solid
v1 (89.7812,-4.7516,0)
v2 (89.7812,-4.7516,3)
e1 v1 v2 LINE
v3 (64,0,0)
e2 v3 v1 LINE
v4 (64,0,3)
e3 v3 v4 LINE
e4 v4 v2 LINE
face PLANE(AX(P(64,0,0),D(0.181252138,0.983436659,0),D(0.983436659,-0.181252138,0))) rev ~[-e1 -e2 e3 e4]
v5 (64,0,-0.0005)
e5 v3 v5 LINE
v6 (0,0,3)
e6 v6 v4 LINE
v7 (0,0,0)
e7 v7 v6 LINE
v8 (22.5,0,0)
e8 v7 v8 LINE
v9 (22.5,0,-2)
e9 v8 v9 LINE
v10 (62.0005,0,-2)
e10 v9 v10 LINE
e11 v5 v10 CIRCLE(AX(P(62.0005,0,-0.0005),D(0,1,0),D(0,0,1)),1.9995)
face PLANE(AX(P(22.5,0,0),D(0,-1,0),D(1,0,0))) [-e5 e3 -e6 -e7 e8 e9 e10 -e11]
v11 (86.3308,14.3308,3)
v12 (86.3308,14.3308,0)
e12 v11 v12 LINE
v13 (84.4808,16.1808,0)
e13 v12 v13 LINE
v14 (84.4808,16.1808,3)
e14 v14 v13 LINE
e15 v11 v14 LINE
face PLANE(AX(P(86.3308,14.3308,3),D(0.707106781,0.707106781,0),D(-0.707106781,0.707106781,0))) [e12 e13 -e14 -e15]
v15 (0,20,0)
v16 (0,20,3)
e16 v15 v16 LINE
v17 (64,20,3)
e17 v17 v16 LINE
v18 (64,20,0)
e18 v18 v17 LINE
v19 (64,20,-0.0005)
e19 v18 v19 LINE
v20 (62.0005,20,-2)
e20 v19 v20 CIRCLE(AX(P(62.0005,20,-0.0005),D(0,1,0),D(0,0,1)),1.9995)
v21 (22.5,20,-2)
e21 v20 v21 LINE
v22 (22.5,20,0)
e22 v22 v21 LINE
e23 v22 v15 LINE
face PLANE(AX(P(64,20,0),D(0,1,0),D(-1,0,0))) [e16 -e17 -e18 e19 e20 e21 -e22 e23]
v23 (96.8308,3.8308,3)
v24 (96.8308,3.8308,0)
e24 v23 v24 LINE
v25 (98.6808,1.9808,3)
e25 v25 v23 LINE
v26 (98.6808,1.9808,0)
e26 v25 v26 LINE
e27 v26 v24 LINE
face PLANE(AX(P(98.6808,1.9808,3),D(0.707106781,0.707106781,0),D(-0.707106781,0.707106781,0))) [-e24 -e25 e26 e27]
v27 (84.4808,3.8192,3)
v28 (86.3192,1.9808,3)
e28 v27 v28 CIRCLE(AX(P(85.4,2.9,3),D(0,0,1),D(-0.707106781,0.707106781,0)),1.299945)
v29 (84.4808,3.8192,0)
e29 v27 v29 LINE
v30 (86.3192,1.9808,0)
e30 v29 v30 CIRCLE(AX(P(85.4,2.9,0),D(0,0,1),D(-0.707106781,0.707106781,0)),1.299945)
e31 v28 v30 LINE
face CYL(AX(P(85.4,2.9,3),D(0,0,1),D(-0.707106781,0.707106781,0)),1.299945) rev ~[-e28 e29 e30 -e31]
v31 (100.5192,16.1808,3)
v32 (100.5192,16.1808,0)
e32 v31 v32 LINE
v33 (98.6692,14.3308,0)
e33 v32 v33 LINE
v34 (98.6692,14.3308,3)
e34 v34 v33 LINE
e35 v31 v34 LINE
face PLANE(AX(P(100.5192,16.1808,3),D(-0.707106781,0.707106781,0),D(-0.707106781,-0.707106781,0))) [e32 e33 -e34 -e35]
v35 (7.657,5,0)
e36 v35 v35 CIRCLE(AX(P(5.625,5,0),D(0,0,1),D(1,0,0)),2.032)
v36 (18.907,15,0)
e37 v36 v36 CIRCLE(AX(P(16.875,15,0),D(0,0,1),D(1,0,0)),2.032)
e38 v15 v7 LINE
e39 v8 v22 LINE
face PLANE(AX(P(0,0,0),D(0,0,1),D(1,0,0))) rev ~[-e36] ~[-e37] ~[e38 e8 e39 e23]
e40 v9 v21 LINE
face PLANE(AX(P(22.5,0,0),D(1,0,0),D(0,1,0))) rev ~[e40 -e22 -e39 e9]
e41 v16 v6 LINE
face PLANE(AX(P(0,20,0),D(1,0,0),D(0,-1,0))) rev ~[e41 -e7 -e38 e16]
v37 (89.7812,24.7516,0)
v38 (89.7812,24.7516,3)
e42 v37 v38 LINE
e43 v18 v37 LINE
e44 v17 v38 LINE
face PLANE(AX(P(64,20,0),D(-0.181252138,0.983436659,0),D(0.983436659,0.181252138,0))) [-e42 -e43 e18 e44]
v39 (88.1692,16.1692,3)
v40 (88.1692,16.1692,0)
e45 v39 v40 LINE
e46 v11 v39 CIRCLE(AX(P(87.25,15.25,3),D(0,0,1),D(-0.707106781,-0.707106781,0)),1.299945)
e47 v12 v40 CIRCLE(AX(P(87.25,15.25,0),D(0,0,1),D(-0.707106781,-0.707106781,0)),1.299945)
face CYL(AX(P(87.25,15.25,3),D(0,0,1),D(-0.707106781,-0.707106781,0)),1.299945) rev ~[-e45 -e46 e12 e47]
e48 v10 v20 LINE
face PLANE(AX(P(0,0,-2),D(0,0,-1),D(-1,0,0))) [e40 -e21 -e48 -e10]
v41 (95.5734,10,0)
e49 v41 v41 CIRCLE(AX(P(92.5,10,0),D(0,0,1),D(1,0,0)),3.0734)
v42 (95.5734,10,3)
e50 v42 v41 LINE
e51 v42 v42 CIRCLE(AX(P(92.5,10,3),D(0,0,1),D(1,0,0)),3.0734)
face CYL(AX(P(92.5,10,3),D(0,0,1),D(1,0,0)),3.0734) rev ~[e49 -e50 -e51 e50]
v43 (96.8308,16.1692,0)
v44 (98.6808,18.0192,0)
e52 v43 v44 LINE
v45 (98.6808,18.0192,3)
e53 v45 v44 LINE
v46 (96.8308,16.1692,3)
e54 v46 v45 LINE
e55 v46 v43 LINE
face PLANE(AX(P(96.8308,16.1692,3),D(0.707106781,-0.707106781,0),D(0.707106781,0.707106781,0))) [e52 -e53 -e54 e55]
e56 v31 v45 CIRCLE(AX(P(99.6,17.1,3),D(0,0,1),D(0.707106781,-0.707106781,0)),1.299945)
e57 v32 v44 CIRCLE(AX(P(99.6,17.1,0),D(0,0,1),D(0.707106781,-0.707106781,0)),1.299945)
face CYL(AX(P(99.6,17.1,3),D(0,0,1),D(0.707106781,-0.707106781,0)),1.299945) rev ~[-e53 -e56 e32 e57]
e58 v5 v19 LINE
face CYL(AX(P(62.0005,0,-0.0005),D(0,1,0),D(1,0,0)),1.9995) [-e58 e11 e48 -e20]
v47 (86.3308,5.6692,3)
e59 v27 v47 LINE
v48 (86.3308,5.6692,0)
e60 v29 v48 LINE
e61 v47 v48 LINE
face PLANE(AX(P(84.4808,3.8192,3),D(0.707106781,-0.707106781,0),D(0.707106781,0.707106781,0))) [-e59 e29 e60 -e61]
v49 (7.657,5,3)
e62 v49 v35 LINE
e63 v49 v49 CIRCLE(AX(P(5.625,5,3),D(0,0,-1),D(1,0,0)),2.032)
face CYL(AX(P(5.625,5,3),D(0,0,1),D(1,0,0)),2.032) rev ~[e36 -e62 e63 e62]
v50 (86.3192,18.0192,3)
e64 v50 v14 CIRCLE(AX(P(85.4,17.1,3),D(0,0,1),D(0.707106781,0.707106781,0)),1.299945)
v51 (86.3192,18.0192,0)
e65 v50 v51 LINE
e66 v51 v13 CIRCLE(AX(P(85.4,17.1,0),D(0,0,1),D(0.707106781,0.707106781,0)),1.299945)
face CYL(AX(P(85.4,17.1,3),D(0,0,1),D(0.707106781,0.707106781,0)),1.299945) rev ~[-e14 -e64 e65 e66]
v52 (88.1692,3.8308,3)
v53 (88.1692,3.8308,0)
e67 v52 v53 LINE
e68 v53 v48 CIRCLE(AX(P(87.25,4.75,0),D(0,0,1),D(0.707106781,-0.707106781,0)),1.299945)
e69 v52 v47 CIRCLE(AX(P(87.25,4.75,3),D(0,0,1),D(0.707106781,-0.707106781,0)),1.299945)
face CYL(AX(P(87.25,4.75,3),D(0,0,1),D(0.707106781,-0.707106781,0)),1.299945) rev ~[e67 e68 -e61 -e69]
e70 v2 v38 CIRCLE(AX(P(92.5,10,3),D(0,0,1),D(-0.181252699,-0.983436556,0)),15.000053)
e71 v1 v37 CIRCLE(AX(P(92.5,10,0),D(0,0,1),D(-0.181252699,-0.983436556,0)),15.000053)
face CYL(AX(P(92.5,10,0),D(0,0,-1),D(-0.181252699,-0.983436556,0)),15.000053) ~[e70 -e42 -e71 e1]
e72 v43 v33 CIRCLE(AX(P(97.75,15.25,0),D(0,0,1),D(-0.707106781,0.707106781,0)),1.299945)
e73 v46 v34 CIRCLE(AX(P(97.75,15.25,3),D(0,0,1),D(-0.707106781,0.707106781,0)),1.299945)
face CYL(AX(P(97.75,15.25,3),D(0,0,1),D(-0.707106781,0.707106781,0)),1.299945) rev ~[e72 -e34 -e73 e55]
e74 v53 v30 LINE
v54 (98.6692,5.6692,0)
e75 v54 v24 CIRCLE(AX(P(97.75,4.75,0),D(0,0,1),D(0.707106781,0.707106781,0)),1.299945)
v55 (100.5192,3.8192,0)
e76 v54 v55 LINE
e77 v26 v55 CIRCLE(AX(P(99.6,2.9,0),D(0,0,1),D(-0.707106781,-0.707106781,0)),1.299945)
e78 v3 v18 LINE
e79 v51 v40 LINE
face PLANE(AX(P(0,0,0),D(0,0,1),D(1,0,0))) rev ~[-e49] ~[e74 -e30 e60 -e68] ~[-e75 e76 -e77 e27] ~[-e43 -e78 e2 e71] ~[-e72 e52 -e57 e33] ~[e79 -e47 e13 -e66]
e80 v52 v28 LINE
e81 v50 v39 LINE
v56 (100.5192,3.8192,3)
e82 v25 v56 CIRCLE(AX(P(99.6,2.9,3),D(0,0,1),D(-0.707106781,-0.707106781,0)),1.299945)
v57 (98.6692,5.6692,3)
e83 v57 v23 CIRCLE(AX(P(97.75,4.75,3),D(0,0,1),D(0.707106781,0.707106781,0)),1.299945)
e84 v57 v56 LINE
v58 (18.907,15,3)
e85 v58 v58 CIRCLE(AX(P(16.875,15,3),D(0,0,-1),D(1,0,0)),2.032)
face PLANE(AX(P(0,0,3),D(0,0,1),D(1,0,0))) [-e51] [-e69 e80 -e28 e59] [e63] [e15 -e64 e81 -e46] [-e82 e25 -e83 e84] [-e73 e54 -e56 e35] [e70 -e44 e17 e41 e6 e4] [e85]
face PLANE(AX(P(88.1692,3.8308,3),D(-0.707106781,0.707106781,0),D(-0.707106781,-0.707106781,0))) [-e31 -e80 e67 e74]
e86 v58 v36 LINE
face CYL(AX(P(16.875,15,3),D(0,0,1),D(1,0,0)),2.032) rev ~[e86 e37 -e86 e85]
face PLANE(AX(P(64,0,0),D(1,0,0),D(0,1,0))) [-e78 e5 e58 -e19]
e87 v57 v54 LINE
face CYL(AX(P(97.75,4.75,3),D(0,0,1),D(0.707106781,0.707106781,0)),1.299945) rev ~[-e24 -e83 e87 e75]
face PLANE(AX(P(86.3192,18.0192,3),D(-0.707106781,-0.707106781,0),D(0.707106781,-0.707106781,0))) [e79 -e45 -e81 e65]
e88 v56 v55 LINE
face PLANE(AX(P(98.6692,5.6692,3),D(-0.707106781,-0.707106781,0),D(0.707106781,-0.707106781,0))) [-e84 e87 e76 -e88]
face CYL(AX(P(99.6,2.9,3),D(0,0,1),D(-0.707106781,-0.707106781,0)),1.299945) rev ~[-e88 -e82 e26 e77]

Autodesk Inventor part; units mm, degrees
ref_plane "YZ Plane" through (0, 0, 0) normal (1, 0, 0) x (0, 1, 0)
ref_plane "XZ Plane" through (0, 0, 0) normal (0, 1, 0) x (-1, 0, 0)
ref_plane "XY Plane" through (0, 0, 0) normal (0, 0, 1) x (1, 0, 0)
sketch "Sketch1" plane through (0, 0, 0) normal (0, 0, 1) x (1, 0, 0)
  line L0 (0, 0) -> (64, 0)
  line L1 (64, 20) -> (0, 20)
  line L2 (0, 20) -> (0, 0)
  arc A0 (89.7812, -4.7516) -> (89.7812, 24.7516) centre (92.5, 10) ccw
  line L3 (64, 20) -> (89.7812, 24.7516)
  line L4 (64, 0) -> (89.7812, -4.7516)
  circle A1 centre (92.5, 10) radius 1.5
  dimension "d5" = 30
  dimension "d6" = 92.5
  dimension "d9" = 3
  dimension "d26" = 20
extrude "Extrusion1" add sketch "Sketch1" along normal blind 3 contours L2 L1 L3 A0 L4 L0 | A1
extrude "Extrusion2" cut sketch "Sketch1" along normal blind 10 contours A1
sketch "Sketch3" plane through (0, 0, 3) normal (0, 0, 1) x (1, 0, 0)
  circle A0 centre (92.5, 10) radius 1.5 projected
  circle A1 centre (92.5, 10) radius 1.5
  line L0 (92.5, 10) -> (128.0101, 10) construction
  arc A2 (96.8308, 16.1692) -> (98.6692, 14.3308) centre (97.75, 15.25) ccw
  arc A3 (100.5192, 16.1808) -> (98.6808, 18.0192) centre (99.6, 17.1) ccw
  line L1 (96.8308, 16.1692) -> (98.6808, 18.0192)
  line L2 (100.5192, 16.1808) -> (98.6692, 14.3308)
  point P0 (0, 0)
  dimension "d18" = 2.6
  dimension "d19" = 2.6
extrude "Extrusion3" cut sketch "Sketch3" against normal blind 10 contours L1 A3 L2 A2
pattern_circular "Circular Pattern1" count 4 over 360 about axis through (92.5, 10, 0) along (0, 0, 1) of "Extrusion3"
sketch "Sketch4" plane through (0, 0, 3) normal (0, 0, 1) x (1, 0, 0)
  circle A0 centre (5.625, 5) radius 1.6
  circle A1 centre (16.875, 15) radius 1.6
  point P0 (0, 0)
  dimension "d27" = 3.2
  dimension "d28" = 3.2
extrude "Extrusion4" cut sketch "Sketch4" against normal blind 10
sketch "Sketch5" plane through (0, 0, 3) normal (0, 0, 1) x (1, 0, 0)
  line L0 (91.1147, 10.2457) -> (94, 10)
  circle A0 centre (92.5, 10) radius 1.5 projected
  circle A1 centre (16.875, 15) radius 1.6 projected
  line L1 (17.5362, 16.511) -> (16.875, 15)
  circle A2 centre (5.625, 5) radius 1.6 projected
  line L2 (16.875, 15) -> (5.625, 5)
  circle A3 centre (16.875, 15) radius 2.032
  circle A4 centre (5.625, 5) radius 2.032
  point P0 (0, 0)
  dimension "d31" = 4.064
  dimension "d32" = 4.064
extrude "Extrusion5" cut sketch "Sketch5" against normal blind 10 contours A1 L2 L1 | A3 | A2 | A4 | L1 L2 A1
sketch "Sketch6" plane through (0, 0, 3) normal (0, 0, 1) x (1, 0, 0)
  circle A0 centre (92.5, 10) radius 1.5 projected
  line L0 (92.8215, 11.4329) -> (92.5, 10)
  circle A1 centre (92.5, 10) radius 3.0734
  point P0 (0, 0)
  dimension "d35" = 6.1468
extrude "Extrusion6" cut sketch "Sketch6" against normal blind 10
sketch "Sketch7" plane through (0, 0, 3) normal (0, 0, 1) x (1, 0, 0)
  point P0 (0, 0)
sketch "Sketch8" plane through (0, 0, 3) normal (0, 0, 1) x (1, 0, 0)
  point P0 (0, 0)
sketch "Sketch9" plane through (0, 0, 3) normal (0, 0, 1) x (1, 0, 0)
  point P0 (0, 0)
sketch "Sketch11" plane through (0, 0, 0) normal (0, 0, -1) x (-1, 0, 0)
  line L0 (0, 0) -> (-64, 0) projected
  line L1 (-22.5, 0) -> (-22.5, 20)
  line L2 (-64, 20) -> (0, 20) projected
  line L3 (0, 20) -> (0, 0) projected
  line L4 (-64, 0) -> (-64, 20)
  dimension "d42" = 22.5
extrude "Extrusion8" add sketch "Sketch11" along normal blind 2 contours L0 L4 L2 L1
fillet "Fillet2" radius 2 1 edges at (64, 10, -2)
properties part number "Arm2" material "ABS Plastic"
